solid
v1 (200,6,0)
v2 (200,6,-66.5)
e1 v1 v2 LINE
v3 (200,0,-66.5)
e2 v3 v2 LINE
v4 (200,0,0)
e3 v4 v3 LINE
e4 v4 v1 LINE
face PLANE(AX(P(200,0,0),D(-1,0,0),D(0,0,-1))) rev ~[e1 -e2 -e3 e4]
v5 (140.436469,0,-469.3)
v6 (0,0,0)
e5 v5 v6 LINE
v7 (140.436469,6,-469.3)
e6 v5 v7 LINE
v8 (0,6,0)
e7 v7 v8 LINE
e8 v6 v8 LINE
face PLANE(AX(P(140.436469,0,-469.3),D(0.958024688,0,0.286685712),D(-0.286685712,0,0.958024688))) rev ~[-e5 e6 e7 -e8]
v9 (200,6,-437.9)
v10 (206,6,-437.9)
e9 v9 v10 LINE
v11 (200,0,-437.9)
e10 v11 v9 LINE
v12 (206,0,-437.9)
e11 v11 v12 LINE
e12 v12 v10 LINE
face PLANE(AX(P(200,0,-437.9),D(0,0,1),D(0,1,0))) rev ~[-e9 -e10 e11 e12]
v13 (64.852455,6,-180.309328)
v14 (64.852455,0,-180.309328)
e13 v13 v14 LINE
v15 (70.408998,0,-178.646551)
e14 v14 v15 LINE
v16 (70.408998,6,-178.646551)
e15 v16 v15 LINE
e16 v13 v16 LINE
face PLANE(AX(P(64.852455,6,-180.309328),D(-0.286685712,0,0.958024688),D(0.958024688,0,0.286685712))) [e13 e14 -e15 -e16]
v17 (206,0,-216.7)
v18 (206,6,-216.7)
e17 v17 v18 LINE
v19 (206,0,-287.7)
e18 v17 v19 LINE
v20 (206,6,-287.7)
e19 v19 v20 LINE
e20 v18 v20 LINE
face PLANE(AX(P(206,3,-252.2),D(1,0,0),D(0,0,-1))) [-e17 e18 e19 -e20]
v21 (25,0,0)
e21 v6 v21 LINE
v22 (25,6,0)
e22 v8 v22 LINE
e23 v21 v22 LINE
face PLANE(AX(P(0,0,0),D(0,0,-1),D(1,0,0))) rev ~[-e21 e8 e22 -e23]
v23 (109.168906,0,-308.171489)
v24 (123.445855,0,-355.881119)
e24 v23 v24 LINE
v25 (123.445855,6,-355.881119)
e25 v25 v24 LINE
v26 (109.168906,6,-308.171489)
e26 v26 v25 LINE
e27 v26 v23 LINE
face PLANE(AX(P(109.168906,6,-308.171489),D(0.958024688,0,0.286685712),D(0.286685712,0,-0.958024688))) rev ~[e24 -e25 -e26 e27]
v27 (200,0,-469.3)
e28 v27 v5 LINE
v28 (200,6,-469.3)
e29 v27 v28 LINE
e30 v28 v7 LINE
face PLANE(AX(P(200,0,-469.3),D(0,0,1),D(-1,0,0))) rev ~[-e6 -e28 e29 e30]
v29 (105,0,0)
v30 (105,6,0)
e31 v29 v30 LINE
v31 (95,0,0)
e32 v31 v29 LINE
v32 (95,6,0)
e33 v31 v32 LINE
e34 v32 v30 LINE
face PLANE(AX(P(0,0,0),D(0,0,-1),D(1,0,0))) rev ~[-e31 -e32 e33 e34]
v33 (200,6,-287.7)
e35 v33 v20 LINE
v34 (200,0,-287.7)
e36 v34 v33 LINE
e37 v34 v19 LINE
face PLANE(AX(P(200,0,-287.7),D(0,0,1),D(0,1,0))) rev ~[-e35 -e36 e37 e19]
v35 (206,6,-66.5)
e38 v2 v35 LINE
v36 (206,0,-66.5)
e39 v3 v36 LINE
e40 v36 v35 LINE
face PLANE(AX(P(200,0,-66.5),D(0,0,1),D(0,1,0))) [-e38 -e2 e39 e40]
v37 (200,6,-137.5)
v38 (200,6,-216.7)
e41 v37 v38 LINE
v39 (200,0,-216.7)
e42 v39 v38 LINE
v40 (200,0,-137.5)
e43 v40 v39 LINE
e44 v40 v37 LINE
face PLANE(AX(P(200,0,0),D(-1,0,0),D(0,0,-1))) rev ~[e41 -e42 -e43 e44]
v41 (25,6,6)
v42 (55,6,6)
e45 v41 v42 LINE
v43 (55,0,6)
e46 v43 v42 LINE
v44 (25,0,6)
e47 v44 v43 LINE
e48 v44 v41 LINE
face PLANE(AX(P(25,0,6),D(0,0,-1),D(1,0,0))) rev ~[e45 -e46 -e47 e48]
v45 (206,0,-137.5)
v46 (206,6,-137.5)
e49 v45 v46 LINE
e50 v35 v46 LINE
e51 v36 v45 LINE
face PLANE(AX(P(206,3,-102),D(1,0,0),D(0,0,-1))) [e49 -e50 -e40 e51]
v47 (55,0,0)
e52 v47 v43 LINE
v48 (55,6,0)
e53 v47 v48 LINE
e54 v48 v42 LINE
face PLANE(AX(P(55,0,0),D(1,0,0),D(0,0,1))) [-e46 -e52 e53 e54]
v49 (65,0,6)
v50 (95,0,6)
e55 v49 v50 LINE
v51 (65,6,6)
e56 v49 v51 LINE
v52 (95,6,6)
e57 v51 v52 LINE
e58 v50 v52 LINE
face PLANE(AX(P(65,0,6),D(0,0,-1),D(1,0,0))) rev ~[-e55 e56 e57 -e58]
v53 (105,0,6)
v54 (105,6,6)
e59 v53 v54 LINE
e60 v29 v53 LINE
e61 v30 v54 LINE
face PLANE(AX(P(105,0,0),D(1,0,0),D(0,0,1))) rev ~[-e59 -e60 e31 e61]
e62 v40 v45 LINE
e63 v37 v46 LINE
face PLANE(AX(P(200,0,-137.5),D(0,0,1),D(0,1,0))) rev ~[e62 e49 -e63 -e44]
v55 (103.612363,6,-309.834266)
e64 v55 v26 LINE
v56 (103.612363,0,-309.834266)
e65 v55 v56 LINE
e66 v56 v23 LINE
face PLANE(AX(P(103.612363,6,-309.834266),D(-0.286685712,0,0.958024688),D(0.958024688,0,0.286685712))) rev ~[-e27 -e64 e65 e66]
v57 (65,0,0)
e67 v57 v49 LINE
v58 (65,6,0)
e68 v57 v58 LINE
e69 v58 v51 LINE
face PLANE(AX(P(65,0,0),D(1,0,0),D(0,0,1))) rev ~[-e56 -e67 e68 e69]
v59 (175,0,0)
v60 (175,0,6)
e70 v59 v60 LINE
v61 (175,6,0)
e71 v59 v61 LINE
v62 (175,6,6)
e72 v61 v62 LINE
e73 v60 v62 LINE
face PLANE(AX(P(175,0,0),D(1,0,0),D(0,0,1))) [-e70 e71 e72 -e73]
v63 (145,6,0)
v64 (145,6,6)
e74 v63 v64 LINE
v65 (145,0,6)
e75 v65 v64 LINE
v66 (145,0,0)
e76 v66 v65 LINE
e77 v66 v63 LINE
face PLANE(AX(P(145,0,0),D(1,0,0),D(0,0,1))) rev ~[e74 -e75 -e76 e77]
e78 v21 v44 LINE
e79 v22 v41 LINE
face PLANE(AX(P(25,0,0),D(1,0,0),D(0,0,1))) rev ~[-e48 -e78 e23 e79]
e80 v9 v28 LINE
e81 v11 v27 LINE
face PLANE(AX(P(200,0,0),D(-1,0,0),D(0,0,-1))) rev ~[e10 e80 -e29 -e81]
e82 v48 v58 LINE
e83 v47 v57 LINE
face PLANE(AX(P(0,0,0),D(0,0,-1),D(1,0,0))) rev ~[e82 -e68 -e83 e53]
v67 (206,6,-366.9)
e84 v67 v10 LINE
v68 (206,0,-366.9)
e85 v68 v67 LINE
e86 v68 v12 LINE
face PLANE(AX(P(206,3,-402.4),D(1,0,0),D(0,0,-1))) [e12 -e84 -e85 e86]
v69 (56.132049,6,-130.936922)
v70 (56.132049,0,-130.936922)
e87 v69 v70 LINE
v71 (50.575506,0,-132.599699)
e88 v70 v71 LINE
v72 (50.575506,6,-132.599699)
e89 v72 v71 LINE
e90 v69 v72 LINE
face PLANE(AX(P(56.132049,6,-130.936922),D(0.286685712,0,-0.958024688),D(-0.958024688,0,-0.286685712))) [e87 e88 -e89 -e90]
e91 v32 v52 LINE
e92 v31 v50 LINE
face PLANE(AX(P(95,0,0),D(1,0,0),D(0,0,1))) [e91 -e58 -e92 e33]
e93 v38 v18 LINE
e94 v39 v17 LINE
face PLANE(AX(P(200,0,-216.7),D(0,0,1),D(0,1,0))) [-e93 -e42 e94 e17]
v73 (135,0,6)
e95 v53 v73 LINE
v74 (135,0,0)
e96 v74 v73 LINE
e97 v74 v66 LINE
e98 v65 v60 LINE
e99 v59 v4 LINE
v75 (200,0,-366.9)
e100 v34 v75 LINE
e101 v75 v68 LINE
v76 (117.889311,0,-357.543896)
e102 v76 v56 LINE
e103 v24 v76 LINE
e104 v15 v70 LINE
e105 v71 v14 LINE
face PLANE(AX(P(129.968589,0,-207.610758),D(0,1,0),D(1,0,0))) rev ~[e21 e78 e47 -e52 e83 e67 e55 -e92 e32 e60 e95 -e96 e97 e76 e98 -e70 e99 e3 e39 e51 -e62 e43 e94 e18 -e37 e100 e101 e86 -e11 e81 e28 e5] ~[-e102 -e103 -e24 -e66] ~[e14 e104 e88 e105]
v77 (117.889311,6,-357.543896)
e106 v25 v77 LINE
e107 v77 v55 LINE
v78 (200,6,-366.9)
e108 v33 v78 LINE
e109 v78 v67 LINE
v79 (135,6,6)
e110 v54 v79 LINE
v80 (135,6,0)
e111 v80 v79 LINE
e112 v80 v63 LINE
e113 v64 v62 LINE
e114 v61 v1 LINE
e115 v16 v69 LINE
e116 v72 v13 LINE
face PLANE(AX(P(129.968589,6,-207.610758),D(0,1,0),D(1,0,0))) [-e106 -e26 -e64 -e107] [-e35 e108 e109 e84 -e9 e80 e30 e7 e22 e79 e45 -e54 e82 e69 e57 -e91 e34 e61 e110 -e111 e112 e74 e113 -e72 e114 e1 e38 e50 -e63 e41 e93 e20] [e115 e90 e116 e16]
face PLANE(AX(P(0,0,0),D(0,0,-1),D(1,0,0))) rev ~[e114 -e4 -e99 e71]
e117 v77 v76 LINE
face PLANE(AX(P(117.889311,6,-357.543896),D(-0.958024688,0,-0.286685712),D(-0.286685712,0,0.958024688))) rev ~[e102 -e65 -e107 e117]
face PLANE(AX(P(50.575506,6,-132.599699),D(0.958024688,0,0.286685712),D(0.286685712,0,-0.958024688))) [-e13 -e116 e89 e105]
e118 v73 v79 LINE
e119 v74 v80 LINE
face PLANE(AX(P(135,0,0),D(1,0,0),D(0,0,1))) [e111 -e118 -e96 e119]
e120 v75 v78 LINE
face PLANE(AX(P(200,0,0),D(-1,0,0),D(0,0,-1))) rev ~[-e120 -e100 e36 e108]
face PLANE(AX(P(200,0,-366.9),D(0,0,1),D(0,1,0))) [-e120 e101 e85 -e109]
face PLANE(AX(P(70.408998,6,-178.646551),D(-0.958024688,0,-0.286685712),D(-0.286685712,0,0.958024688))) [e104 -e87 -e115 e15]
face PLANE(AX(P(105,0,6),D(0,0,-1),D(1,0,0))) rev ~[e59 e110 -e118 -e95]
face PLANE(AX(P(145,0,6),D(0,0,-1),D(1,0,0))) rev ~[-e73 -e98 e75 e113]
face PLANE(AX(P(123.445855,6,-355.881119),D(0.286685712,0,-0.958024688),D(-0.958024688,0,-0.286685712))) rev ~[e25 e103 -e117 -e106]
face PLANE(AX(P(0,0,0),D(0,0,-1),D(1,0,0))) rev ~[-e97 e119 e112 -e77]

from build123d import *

# Parameters (mm, degrees)
BOSS_EXTRUDE1_DEPTH   = 6
SKETCH2_W             = 71
SKETCH2_H             = 6
BOSS_EXTRUDE2_DEPTH   = 6
CUT_EXTRUDE1_DEPTH    = 6
SKETCH5_W             = 30
SKETCH5_H             = 6
BOSS_EXTRUDE3_DEPTH   = 6
BOSS_EXTRUDE3_2_DEPTH = 6
BOSS_EXTRUDE3_3_DEPTH = 6
BOSS_EXTRUDE3_4_DEPTH = 6


with BuildPart() as part:
    # Sketch1 → Boss-Extrude1 (new body)
    with BuildSketch(Plane(origin=(0, 0, 0), x_dir=(1, 0, 0), z_dir=(0, 1, 0))):
        Polygon((200, 469.3), (140.436469322, 469.3), (0, 0), (200, 0), align=None)
    extrude(amount=BOSS_EXTRUDE1_DEPTH)

    # Sketch2 → Boss-Extrude2 (add)
    with BuildSketch(Plane(origin=(200, 0, 0), x_dir=(0, 0, -1), z_dir=(1, 0, 0))):
        with Locations((402.4, 3)):
            Rectangle(SKETCH2_W, SKETCH2_H)
        with Locations((252.2, 3)):
            Rectangle(SKETCH2_W, SKETCH2_H)
        with Locations((102, 3)):
            Rectangle(SKETCH2_W, SKETCH2_H)
    extrude(amount=BOSS_EXTRUDE2_DEPTH)

    # Sketch4 → Cut-Extrude1 (cut)
    with BuildSketch(Plane(origin=(0, 6, 0), x_dir=(1, 0, 0), z_dir=(0, 1, 0))):
        Polygon((123.445854535, 355.88111854), (117.889311346, 357.54389567), (103.612362884, 309.834266216), (109.168906073, 308.171489086), align=None)
        Polygon((56.132049338, 130.936921838), (50.575506148, 132.599698968), (64.85245461, 180.309328422), (70.4089978, 178.646551292), align=None)
    extrude(amount=-CUT_EXTRUDE1_DEPTH, mode=Mode.SUBTRACT)


with BuildPart() as body_2:
    # Sketch5 → Boss-Extrude3 (new body)
    with BuildSketch(Plane.XZ):
        with Locations((160, 3)):
            Rectangle(SKETCH5_W, SKETCH5_H)
    extrude(amount=-BOSS_EXTRUDE3_DEPTH)


with BuildPart() as body_3:
    # Sketch5 → Boss-Extrude3 2 (new body)
    with BuildSketch(Plane.XZ):
        with Locations((120, 3)):
            Rectangle(SKETCH5_W, SKETCH5_H)
    extrude(amount=-BOSS_EXTRUDE3_2_DEPTH)


with BuildPart() as body_4:
    # Sketch5 → Boss-Extrude3 3 (new body)
    with BuildSketch(Plane.XZ):
        with Locations((80, 3)):
            Rectangle(SKETCH5_W, SKETCH5_H)
    extrude(amount=-BOSS_EXTRUDE3_3_DEPTH)


with BuildPart() as body_5:
    # Sketch5 → Boss-Extrude3 4 (new body)
    with BuildSketch(Plane.XZ):
        with Locations((40, 3)):
            Rectangle(SKETCH5_W, SKETCH5_H)
    extrude(amount=-BOSS_EXTRUDE3_4_DEPTH)


with BuildPart() as body_3_1:
    add(body_3.part)

    # Combine1: union body 2, body 4, body 5, part
    add(body_2.part)
    add(body_4.part)
    add(body_5.part)
    add(part.part)


solid = body_3_1.part
